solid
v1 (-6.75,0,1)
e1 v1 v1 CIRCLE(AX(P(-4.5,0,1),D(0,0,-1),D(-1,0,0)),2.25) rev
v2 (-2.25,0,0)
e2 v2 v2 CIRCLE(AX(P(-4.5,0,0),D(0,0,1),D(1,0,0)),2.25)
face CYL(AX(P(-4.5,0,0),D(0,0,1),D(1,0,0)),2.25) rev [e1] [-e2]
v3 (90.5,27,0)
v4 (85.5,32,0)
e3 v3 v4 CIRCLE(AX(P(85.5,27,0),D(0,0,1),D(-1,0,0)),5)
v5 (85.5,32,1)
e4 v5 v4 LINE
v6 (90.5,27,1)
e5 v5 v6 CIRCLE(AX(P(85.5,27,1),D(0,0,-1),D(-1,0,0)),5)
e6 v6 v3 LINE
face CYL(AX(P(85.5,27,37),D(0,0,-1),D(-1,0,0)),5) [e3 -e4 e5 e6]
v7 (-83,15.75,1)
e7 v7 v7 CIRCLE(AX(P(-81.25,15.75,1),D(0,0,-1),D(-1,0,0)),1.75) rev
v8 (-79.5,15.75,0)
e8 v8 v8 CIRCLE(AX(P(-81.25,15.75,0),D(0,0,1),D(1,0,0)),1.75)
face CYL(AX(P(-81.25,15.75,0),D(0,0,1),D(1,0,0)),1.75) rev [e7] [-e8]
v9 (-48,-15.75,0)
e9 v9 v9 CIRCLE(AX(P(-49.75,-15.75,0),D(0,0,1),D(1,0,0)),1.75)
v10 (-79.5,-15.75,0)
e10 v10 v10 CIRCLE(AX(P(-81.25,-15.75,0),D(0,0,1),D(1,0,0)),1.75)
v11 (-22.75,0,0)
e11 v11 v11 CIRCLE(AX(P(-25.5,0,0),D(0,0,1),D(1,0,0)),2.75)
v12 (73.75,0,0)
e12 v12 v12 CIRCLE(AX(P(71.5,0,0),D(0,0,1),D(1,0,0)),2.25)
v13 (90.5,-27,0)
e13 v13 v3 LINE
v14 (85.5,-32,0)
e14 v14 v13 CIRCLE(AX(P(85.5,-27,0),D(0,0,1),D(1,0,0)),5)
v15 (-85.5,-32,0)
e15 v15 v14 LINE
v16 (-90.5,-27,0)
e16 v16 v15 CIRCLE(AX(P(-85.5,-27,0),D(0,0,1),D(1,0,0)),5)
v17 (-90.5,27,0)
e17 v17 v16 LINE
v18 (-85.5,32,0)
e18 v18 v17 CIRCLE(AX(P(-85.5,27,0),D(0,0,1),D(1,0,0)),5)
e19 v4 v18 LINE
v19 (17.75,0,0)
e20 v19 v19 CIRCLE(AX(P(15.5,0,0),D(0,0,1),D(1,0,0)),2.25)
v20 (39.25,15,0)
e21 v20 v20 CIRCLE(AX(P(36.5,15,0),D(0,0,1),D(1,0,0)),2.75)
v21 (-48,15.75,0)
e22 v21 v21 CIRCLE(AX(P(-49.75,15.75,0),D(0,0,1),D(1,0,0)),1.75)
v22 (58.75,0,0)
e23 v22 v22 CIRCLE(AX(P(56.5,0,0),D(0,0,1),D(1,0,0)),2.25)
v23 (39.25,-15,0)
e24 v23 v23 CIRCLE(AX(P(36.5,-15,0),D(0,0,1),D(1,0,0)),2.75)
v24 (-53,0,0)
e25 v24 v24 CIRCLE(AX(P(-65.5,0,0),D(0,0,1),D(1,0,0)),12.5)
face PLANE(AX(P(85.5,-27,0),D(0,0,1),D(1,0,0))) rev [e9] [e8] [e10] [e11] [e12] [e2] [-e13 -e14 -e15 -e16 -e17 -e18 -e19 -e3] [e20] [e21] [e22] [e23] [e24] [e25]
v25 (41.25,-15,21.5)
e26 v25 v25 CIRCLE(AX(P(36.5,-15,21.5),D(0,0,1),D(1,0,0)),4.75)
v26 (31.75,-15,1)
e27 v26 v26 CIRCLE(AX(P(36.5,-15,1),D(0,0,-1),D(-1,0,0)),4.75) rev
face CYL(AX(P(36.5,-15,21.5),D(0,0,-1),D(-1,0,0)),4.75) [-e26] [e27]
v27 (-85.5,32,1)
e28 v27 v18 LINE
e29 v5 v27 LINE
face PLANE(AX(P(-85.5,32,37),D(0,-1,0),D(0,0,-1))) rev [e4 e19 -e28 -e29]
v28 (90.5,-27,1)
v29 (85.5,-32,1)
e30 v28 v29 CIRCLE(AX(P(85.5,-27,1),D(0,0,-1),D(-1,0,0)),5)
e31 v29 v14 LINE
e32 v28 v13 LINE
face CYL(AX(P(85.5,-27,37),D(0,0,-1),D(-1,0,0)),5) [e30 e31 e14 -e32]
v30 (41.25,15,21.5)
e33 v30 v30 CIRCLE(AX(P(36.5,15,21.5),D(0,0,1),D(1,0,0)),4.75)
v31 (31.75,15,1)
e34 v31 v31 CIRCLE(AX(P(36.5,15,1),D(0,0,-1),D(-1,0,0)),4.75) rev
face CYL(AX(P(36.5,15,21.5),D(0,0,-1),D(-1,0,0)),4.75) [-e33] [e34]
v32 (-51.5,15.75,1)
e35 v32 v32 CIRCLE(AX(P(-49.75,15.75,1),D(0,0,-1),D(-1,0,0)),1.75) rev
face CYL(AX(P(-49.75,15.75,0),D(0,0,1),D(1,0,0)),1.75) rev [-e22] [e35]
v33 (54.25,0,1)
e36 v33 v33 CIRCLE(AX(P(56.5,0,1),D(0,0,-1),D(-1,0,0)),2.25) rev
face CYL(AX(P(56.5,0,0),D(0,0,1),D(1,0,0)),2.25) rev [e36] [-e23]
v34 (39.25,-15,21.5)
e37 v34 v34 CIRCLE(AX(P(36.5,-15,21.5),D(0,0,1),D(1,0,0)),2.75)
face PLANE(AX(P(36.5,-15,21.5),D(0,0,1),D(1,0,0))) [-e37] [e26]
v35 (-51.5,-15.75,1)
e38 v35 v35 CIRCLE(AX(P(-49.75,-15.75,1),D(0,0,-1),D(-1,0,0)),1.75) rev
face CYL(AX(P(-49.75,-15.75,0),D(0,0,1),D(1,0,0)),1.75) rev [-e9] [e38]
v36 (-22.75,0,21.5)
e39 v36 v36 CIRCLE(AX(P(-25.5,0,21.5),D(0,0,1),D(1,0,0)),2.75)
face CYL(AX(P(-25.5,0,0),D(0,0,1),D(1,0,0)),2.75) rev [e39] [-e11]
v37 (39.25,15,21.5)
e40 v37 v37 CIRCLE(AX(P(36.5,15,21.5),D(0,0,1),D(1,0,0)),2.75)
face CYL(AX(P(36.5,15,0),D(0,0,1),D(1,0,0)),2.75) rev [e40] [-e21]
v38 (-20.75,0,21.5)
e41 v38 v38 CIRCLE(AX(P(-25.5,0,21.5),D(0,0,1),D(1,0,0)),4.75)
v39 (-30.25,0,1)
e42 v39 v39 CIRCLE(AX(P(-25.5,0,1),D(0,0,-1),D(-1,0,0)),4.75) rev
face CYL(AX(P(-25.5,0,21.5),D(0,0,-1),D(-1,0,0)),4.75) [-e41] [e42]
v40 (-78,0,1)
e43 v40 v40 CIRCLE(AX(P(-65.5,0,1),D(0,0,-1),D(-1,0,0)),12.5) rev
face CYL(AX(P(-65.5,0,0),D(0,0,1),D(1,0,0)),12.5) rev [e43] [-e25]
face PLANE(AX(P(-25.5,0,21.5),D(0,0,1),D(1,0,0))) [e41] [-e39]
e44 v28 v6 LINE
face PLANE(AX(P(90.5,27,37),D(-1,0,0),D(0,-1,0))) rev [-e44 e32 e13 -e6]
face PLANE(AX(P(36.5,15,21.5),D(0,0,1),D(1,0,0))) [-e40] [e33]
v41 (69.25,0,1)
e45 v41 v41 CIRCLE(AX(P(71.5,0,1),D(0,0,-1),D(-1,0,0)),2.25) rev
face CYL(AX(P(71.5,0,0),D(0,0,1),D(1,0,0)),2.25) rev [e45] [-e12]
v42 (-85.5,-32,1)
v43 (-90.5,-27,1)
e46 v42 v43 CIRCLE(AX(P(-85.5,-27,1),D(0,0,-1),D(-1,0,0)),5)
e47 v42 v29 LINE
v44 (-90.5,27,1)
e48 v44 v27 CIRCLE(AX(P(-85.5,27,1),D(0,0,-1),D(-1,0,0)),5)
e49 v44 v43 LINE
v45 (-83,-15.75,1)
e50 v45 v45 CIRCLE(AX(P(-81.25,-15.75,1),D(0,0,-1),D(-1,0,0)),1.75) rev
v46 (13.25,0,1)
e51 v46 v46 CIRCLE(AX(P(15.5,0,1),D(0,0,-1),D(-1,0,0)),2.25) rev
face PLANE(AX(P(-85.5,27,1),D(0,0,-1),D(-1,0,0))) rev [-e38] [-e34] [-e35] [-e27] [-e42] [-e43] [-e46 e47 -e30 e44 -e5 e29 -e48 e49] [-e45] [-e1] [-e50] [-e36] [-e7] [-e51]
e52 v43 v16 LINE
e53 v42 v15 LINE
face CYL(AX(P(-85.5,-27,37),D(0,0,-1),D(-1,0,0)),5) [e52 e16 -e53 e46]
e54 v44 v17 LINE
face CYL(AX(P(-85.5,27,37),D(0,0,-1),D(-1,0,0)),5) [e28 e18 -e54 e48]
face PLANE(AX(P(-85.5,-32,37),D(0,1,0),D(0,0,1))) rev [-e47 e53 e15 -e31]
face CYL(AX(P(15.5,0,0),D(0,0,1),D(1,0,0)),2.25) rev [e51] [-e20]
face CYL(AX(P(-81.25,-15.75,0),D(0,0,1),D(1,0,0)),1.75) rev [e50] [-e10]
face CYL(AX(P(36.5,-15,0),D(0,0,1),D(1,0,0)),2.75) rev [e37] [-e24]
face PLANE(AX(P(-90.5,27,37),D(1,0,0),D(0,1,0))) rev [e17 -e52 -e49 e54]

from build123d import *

# Parameters (mm, degrees)
BOSS_EXTRUDE1_DEPTH = 37
SKETCH2_R           = 1.75
SKETCH2_R_2         = 12.5
SKETCH2_R_3         = 2.75
SKETCH2_R_4         = 2.25
CUT_EXTRUDE1_DEPTH  = 38
SKETCH5_R           = 2.25
CUT_EXTRUDE2_DEPTH  = 38
CUT_EXTRUDE3_DEPTH  = 36
SKETCH7_R           = 4.75
BOSS_EXTRUDE2_DEPTH = 20.5
SKETCH10_W          = 40
SKETCH10_H          = 64
CUT_EXTRUDE4_DEPTH  = 36
SKETCH11_R          = 2.75
CUT_EXTRUDE5_DEPTH  = 22.5
SKETCH12_W          = 15
SKETCH12_H          = 10
SKETCH12_W_2        = 20
SKETCH12_W_3        = 10
BOSS_EXTRUDE3_DEPTH = 36
CUT_EXTRUDE6_DEPTH  = 33
CUT_EXTRUDE8_DEPTH  = 15
CUT_EXTRUDE9_DEPTH  = 15
CUT_EXTRUDE10_DEPTH = 10
CUT_EXTRUDE11_DEPTH = 10
SKETCH20_W          = 6
SKETCH20_H          = 15
CUT_EXTRUDE12_DEPTH = 3
SKETCH21_W          = 76
SKETCH21_H          = 64
SKETCH21_W_2        = 9.5
SKETCH21_H_2        = 9.5
SKETCH21_W_3        = 65
CUT_EXTRUDE13_DEPTH = 36


with BuildPart() as part:
    # Sketch1 → Boss-Extrude1 (new body)
    with BuildSketch(Plane.XY):
        with BuildLine():
            Line((-85.5, 32), (85.5, 32))
            ThreePointArc((85.5, 32), (89.035533906, 30.535533906), (90.5, 27))
            Line((90.5, 27), (90.5, -27))
            ThreePointArc((90.5, -27), (89.035533906, -30.535533906), (85.5, -32))
            Line((85.5, -32), (-85.5, -32))
            ThreePointArc((-85.5, -32), (-89.035533906, -30.535533906), (-90.5, -27))
            Line((-90.5, -27), (-90.5, 27))
            ThreePointArc((-90.5, 27), (-89.035533906, 30.535533906), (-85.5, 32))
        make_face()
    extrude(amount=BOSS_EXTRUDE1_DEPTH)

    # Sketch2 → Cut-Extrude1 (cut, through all)
    with BuildSketch(Plane.XY.offset(37)):
        with Locations((-81.25, 15.75)):
            Circle(SKETCH2_R)
        with Locations((-49.75, 15.75)):
            Circle(SKETCH2_R)
        with Locations((-81.25, -15.75)):
            Circle(SKETCH2_R)
        with Locations((-49.75, -15.75)):
            Circle(SKETCH2_R)
        with Locations((-65.5, 0)):
            Circle(SKETCH2_R_2)
        with Locations((36.5, 15)):
            Circle(SKETCH2_R_3)
        with Locations((36.5, -15)):
            Circle(SKETCH2_R_3)
        with Locations((-25.5, 0)):
            Circle(SKETCH2_R_3)
        with Locations((56.5, 0)):
            Circle(SKETCH2_R_4)
        with Locations((71.5, 0)):
            Circle(SKETCH2_R_4)
    extrude(amount=-CUT_EXTRUDE1_DEPTH, mode=Mode.SUBTRACT)

    # Sketch5 → Cut-Extrude2 (cut, through all)
    with BuildSketch(Plane.XY.offset(37)):
        with Locations((-4.5, 0)):
            Circle(SKETCH5_R)
        with Locations((15.5, 0)):
            Circle(SKETCH5_R)
    extrude(amount=-CUT_EXTRUDE2_DEPTH, mode=Mode.SUBTRACT)

    # Sketch6 → Cut-Extrude3 (cut)
    with BuildSketch(Plane.XY.offset(37)):
        with BuildLine():
            Line((-85.5, -29), (85.5, -29))
            ThreePointArc((85.5, -29), (86.914213562, -28.414213562), (87.5, -27))
            Line((87.5, -27), (87.5, 27))
            ThreePointArc((87.5, 27), (86.914213562, 28.414213562), (85.5, 29))
            Line((85.5, 29), (-85.5, 29))
            ThreePointArc((-85.5, 29), (-86.914213562, 28.414213562), (-87.5, 27))
            Line((-87.5, 27), (-87.5, -27))
            ThreePointArc((-87.5, -27), (-86.914213562, -28.414213562), (-85.5, -29))
        make_face()
    extrude(amount=-CUT_EXTRUDE3_DEPTH, mode=Mode.SUBTRACT)

    # Sketch7 → Boss-Extrude2 (add)
    with BuildSketch(Plane.XY.offset(1)):
        with Locations((-25.5, 0)):
            Circle(SKETCH7_R)
        with Locations((36.5, -15)):
            Circle(SKETCH7_R)
        with Locations((36.5, 15)):
            Circle(SKETCH7_R)
    extrude(amount=BOSS_EXTRUDE2_DEPTH)

    # Sketch10 → Cut-Extrude4 (cut)
    with BuildSketch(Plane.XY.offset(37)):
        with Locations((5.5, 0)):
            Rectangle(SKETCH10_W, SKETCH10_H)
    extrude(amount=-CUT_EXTRUDE4_DEPTH, mode=Mode.SUBTRACT)

    # Sketch11 → Cut-Extrude5 (cut, through all)
    with BuildSketch(Plane.XY.offset(21.5)):
        with Locations((36.5, -15)):
            Circle(SKETCH11_R)
        with Locations((-25.5, 0)):
            Circle(SKETCH11_R)
        with Locations((36.5, 15)):
            Circle(SKETCH11_R)
    extrude(amount=-CUT_EXTRUDE5_DEPTH, mode=Mode.SUBTRACT)

    # Sketch12 → Boss-Extrude3 (add, through all)
    with BuildSketch(Plane.XY.offset(1)):
        with Locations((75, -24)):
            Rectangle(SKETCH12_W, SKETCH12_H)
        with Locations((75, 24)):
            Rectangle(SKETCH12_W, SKETCH12_H)
        with Locations((77.5, -11)):
            Rectangle(SKETCH12_W_2, SKETCH12_H)
        with Locations((77.5, 11)):
            Rectangle(SKETCH12_W_2, SKETCH12_H)
        with Locations((-37.5, -24)):
            Rectangle(SKETCH12_W_3, SKETCH12_H)
        with Locations((-37.5, 24)):
            Rectangle(SKETCH12_W_3, SKETCH12_H)
    extrude(amount=BOSS_EXTRUDE3_DEPTH)

    # Sketch14 → Cut-Extrude6 (cut)
    with BuildSketch(Plane.XZ.offset(16)):
        Polygon((87.5, 37), (67.5, 37), (67.5, 3), align=None)
    extrude(amount=-CUT_EXTRUDE6_DEPTH, mode=Mode.SUBTRACT)

    # Sketch16 → Cut-Extrude8 (cut)
    with BuildSketch(Plane(origin=(82.5, 0, 0), x_dir=(0, 0, -1), z_dir=(1, 0, 0))):
        Polygon((-37, -19), (-3, -19), (-37, -29), align=None)
    extrude(amount=-CUT_EXTRUDE8_DEPTH, mode=Mode.SUBTRACT)

    # Sketch17 → Cut-Extrude9 (cut)
    with BuildSketch(Plane.ZY.offset(-67.5)):
        Polygon((37, 19), (1, 19), (37, 29), align=None)
    extrude(amount=-CUT_EXTRUDE9_DEPTH, mode=Mode.SUBTRACT)

    # Sketch18 → Cut-Extrude10 (cut)
    with BuildSketch(Plane(origin=(-32.5, 0, 0), x_dir=(0, 0, -1), z_dir=(1, 0, 0))):
        Polygon((-37, -29), (-37, -19), (-1, -19), align=None)
    extrude(amount=-CUT_EXTRUDE10_DEPTH, mode=Mode.SUBTRACT)

    # Sketch19 → Cut-Extrude11 (cut)
    with BuildSketch(Plane(origin=(-32.5, 0, 0), x_dir=(0, 0, -1), z_dir=(1, 0, 0))):
        Polygon((-37, 29), (-1, 19), (-37, 19), align=None)
    extrude(amount=-CUT_EXTRUDE11_DEPTH, mode=Mode.SUBTRACT)

    # Sketch20 → Cut-Extrude12 (cut)
    with BuildSketch(Plane.ZY.offset(90.5)):
        with Locations((30, 0)):
            Rectangle(SKETCH20_W, SKETCH20_H)
    extrude(amount=-CUT_EXTRUDE12_DEPTH, mode=Mode.SUBTRACT)

    # Sketch21 → Cut-Extrude13 (cut)
    with BuildSketch(Plane.XY.offset(37)):
        with Locations((-52.5, 0)):
            Rectangle(SKETCH21_W, SKETCH21_H)
        with Locations((-25.5, 0)):
            Rectangle(SKETCH21_W_2, SKETCH21_H_2, mode=Mode.SUBTRACT)
        with Locations((58, 0)):
            Rectangle(SKETCH21_W_3, SKETCH21_H)
        with Locations((36.5, -15)):
            Rectangle(SKETCH21_W_2, SKETCH21_H_2, mode=Mode.SUBTRACT)
        with Locations((36.5, 15)):
            Rectangle(SKETCH21_W_2, SKETCH21_H_2, mode=Mode.SUBTRACT)
    extrude(amount=-CUT_EXTRUDE13_DEPTH, mode=Mode.SUBTRACT)


solid = part.part
